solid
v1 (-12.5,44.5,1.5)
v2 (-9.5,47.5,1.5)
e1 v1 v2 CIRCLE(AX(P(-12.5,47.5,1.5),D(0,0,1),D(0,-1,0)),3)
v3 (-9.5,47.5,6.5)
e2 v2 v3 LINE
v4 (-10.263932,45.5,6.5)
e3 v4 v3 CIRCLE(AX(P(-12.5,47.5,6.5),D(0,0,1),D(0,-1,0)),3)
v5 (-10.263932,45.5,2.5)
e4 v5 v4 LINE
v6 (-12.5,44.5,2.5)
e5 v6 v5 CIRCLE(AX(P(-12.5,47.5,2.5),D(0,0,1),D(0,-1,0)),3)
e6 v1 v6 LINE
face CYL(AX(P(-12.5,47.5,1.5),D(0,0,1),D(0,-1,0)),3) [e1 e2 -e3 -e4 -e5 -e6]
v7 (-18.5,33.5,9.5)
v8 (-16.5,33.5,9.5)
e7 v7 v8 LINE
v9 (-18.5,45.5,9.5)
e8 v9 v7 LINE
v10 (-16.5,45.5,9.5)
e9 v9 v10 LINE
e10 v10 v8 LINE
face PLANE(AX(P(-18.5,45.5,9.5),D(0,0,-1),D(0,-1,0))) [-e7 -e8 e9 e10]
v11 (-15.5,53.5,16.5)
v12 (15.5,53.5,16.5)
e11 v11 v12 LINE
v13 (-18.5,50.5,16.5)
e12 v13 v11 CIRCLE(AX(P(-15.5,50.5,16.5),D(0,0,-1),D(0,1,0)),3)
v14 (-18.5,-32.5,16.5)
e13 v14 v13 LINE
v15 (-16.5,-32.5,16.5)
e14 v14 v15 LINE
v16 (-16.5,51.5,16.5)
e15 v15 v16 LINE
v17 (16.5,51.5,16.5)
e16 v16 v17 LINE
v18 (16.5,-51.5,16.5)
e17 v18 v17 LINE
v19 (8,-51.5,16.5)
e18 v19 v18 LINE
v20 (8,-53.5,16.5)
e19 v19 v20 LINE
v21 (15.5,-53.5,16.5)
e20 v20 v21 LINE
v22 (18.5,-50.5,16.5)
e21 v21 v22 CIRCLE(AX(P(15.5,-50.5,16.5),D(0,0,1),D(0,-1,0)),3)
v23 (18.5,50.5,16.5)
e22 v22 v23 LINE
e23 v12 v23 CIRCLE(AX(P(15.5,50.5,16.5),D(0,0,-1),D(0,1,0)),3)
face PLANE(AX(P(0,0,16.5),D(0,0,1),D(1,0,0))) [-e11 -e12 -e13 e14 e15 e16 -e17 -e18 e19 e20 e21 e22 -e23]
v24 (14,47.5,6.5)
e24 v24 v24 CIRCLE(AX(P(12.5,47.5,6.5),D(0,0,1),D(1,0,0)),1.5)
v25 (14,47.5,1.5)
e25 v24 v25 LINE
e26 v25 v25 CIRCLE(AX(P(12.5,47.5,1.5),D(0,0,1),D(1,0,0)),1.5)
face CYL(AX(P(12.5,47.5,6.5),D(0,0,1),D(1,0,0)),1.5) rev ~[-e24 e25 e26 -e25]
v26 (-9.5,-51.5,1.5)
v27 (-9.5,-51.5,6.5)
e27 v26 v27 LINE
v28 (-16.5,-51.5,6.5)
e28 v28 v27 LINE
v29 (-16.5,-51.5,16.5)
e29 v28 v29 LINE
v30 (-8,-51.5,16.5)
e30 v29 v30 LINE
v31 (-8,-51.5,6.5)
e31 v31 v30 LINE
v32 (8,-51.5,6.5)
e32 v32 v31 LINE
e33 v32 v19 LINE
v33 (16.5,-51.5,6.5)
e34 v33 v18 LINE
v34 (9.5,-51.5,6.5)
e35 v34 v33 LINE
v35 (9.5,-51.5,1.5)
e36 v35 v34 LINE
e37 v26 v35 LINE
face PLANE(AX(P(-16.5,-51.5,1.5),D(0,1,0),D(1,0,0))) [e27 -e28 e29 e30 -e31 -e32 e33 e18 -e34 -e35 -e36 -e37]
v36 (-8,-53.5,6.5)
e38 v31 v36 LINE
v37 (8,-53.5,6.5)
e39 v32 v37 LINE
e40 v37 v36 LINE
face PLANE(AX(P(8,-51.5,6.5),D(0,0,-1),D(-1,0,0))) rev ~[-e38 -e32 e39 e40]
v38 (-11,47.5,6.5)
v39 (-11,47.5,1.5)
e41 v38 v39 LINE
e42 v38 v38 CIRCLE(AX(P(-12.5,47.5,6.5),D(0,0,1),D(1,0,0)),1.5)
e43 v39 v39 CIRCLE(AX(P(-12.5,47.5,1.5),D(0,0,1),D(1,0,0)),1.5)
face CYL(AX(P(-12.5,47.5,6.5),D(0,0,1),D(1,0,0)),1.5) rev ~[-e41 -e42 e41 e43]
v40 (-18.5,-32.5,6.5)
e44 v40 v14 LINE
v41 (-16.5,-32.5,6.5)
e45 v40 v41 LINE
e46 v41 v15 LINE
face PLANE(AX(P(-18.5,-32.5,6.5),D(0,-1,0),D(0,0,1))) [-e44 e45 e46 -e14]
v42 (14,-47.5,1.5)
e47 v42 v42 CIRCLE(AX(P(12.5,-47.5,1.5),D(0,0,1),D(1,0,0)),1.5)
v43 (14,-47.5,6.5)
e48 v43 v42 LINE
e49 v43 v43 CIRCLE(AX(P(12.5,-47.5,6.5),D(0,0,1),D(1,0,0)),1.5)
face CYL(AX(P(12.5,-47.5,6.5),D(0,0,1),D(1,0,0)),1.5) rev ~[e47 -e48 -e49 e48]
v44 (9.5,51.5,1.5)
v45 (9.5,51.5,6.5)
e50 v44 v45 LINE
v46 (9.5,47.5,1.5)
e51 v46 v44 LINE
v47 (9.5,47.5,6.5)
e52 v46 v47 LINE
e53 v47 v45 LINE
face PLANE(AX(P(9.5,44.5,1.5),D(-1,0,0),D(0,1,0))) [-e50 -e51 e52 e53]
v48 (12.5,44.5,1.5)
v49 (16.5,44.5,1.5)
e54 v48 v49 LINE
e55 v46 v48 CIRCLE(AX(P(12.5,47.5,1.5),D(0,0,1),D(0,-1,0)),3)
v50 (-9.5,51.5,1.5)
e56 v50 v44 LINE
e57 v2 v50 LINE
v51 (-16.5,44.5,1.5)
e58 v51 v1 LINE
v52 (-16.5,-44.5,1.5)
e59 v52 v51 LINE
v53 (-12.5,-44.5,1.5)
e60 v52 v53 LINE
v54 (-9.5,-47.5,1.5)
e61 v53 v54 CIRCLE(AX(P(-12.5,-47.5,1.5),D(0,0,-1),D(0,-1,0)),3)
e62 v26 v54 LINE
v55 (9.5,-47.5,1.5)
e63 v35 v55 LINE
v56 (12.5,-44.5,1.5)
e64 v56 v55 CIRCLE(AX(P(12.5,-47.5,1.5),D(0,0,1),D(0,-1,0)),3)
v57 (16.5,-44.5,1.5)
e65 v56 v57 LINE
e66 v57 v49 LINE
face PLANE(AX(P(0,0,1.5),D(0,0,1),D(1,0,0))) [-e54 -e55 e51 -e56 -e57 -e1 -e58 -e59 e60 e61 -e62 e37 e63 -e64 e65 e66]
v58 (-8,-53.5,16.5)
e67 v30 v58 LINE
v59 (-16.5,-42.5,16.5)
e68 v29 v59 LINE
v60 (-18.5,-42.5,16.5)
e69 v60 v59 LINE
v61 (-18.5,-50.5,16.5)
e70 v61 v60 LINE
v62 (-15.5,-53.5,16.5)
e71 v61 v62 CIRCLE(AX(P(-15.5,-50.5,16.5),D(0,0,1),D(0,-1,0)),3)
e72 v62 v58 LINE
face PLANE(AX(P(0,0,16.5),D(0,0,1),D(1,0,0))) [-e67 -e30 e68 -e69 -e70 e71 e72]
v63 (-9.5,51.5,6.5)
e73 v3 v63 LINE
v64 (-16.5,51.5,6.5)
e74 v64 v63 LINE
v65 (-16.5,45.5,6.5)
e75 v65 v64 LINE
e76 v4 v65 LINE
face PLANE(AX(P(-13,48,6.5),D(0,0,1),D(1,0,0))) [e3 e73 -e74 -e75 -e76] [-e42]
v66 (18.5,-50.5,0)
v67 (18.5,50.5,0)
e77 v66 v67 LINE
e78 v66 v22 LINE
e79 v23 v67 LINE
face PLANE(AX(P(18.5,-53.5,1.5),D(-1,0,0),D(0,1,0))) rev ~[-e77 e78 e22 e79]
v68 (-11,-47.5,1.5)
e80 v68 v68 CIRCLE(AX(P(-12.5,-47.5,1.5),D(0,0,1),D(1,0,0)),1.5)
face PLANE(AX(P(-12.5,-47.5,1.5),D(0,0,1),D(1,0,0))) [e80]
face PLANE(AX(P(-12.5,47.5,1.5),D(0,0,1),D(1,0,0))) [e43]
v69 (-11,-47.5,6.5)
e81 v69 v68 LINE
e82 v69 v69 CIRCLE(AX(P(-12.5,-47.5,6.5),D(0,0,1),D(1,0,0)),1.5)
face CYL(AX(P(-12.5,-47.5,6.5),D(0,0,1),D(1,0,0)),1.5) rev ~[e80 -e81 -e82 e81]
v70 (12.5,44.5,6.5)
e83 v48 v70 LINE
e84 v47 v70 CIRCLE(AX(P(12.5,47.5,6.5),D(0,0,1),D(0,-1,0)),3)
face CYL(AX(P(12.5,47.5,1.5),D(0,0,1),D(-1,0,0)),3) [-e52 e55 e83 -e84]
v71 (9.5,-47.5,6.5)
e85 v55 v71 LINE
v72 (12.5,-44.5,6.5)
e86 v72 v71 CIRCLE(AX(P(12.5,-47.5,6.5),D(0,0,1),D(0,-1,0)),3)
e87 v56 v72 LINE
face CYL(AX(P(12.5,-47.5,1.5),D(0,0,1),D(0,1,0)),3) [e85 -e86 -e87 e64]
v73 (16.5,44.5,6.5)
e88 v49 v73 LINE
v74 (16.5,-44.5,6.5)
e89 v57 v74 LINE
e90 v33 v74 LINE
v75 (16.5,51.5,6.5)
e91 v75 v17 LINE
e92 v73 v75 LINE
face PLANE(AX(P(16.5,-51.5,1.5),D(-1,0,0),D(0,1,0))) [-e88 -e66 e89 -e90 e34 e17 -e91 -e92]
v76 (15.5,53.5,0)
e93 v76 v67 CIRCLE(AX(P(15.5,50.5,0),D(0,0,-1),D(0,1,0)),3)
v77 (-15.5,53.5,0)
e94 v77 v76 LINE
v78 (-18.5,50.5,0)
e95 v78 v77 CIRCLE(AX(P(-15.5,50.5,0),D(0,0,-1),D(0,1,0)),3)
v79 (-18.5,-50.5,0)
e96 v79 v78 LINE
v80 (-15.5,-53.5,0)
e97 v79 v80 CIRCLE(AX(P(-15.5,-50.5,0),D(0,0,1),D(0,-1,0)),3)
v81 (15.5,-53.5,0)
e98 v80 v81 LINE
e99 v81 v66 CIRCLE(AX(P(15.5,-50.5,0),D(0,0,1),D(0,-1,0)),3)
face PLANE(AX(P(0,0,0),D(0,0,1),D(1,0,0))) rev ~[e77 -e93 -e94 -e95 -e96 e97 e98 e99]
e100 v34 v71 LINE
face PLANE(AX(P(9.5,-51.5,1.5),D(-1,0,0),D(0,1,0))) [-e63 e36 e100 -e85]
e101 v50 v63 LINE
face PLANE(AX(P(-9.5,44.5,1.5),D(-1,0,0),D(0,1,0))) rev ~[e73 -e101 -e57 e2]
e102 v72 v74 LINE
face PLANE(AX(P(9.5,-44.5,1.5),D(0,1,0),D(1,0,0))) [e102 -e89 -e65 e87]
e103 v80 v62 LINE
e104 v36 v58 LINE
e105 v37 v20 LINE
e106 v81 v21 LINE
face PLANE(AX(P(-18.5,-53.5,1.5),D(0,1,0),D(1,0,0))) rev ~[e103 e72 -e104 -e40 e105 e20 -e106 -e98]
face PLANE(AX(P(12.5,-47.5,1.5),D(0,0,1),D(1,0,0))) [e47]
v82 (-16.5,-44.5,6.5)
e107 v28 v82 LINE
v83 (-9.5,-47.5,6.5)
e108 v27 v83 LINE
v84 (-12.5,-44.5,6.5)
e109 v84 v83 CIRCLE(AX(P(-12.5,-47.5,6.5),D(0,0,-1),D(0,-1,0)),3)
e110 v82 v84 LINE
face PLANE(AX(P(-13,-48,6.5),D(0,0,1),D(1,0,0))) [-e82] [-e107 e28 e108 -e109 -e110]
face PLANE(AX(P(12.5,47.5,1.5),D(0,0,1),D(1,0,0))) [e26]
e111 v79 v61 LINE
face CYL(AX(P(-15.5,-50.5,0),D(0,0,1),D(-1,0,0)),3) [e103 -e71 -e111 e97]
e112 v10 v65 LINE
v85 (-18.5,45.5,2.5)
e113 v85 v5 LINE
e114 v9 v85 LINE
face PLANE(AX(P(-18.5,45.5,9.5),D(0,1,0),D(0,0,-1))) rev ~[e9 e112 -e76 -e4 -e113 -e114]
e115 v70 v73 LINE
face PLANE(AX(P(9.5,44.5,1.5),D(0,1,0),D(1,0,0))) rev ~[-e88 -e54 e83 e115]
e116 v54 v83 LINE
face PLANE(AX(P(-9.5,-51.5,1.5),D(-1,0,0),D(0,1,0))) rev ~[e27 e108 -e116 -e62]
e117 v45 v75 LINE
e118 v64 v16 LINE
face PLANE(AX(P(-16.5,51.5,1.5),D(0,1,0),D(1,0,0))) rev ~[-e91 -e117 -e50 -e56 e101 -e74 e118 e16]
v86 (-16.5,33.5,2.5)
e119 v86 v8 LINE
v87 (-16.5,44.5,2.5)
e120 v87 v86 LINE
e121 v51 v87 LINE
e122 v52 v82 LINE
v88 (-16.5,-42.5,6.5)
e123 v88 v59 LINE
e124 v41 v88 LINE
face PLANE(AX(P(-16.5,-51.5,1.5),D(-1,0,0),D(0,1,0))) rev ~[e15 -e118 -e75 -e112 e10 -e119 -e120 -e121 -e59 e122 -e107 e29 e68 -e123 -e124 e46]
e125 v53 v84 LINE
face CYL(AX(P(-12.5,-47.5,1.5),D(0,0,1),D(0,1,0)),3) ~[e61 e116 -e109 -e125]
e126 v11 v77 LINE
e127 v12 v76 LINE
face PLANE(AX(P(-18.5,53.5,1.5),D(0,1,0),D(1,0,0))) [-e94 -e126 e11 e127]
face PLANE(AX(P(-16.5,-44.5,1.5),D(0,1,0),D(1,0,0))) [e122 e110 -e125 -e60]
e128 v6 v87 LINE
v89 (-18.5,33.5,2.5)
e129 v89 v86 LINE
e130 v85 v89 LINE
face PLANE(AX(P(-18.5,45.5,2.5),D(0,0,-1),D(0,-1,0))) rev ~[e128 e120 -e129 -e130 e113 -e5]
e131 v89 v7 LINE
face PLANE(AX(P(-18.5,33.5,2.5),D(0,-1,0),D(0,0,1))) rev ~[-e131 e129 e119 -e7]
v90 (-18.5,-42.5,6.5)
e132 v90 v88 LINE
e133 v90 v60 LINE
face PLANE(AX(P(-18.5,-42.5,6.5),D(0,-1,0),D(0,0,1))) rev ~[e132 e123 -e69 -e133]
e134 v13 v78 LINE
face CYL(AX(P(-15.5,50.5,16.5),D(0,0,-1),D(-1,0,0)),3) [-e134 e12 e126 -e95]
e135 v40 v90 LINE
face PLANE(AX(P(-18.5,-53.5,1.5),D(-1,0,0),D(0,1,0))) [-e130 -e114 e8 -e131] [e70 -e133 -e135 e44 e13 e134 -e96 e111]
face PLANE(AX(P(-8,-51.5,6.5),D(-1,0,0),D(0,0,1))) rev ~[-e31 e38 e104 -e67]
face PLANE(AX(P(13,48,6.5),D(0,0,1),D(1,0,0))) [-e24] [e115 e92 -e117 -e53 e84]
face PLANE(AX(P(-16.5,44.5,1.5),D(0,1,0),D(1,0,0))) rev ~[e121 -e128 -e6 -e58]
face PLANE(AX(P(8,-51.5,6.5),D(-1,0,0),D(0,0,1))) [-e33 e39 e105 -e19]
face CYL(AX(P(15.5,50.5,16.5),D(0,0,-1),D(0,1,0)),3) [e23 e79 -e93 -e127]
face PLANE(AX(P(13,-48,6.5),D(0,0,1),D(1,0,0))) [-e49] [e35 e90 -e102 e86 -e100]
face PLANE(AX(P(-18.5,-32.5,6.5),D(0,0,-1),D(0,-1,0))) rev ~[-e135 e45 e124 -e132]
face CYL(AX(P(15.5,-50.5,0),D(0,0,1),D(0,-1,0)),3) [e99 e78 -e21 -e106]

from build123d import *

# Parameters (mm, degrees)
F0_W      = 37
F0_H      = 107
F1_DEPTH  = 1.5
F2_W      = 37
F2_H      = 107
F2_W_2    = 33
F2_H_2    = 103
F3_DEPTH  = 15
F4_W      = 7
F4_H      = 7
F5_DEPTH  = 5
F6_R      = 1.5
F7_DEPTH  = 5
F8_R      = 3
F9_W      = 8
F9_H      = 11.456422
F10_DEPTH = 25
F11_W     = 12
F11_H     = 3
F11_H_2   = 4
F11_W_2   = 10
F11_H_3   = 12.768078
F12_DEPTH = 25
F13_R     = 3


with BuildPart() as f1:
    # F0 (on Top) → F1 (new body)
    with BuildSketch(Plane.XY):
        Rectangle(F0_W, F0_H)
    extrude(amount=F1_DEPTH)

    # F2 (on face) → F3 (join)
    with BuildSketch(Plane.XY.offset(1.5)):
        Rectangle(F2_W, F2_H)
        Rectangle(F2_W_2, F2_H_2, mode=Mode.SUBTRACT)
    extrude(amount=F3_DEPTH)

    # F4 (on face) → F5 (join)
    with BuildSketch(Plane.XY.offset(1.5)):
        with Locations((-13, 48)):
            Rectangle(F4_W, F4_H)
        with Locations((13, 48)):
            Rectangle(F4_W, F4_H)
        with Locations((13, -48)):
            Rectangle(F4_W, F4_H)
        with Locations((-13, -48)):
            Rectangle(F4_W, F4_H)
    extrude(amount=F5_DEPTH)

    # F6 (on face) → F7 (cut)
    with BuildSketch(Plane.XY.offset(6.5)):
        with Locations((-12.5, 47.5)):
            Circle(F6_R)
        with Locations((12.5, 47.5)):
            Circle(F6_R)
        with Locations((12.5, -47.5)):
            Circle(F6_R)
        with Locations((-12.5, -47.5)):
            Circle(F6_R)
    extrude(amount=-F7_DEPTH, mode=Mode.SUBTRACT)

    # F8
    f8_edges = [f1.edges().sort_by_distance(p)[0] for p in [
        (-9.5, 44.5, 4),
        (9.5, 44.5, 4),
        (-9.5, -44.5, 4),
        (9.5, -44.5, 4),
    ]]
    fillet(f8_edges, radius=F8_R)

    # F9 (on face) → F10 (cut)
    with BuildSketch(Plane(origin=(0, -51.5, 0), x_dir=(-1, 0, 0), z_dir=(0, 1, 0))):
        with Locations((4, 12.228211)):
            Rectangle(F9_W, F9_H)
        with Locations((-4, 12.228211)):
            Rectangle(F9_W, F9_H)
    extrude(amount=-F10_DEPTH, mode=Mode.SUBTRACT)

    # F11 (on face) → F12 (cut)
    with BuildSketch(Plane(origin=(-18.5, 0, 0), x_dir=(0, -1, 0), z_dir=(-1, 0, 0))):
        with Locations((-39.5, 8)):
            Rectangle(F11_W, F11_H)
        with Locations((-39.5, 4.5)):
            Rectangle(F11_W, F11_H_2)
        with Locations((37.5, 12.884039)):
            Rectangle(F11_W_2, F11_H_3)
    extrude(amount=-F12_DEPTH, mode=Mode.SUBTRACT)

    # F13
    f13_edges = [f1.edges().sort_by_distance(p)[0] for p in [
        (18.5, -53.5, 8.25),
        (-18.5, -53.5, 8.25),
        (-18.5, 53.5, 8.25),
        (18.5, 53.5, 8.25),
    ]]
    fillet(f13_edges, radius=F13_R)


solid = f1.part
